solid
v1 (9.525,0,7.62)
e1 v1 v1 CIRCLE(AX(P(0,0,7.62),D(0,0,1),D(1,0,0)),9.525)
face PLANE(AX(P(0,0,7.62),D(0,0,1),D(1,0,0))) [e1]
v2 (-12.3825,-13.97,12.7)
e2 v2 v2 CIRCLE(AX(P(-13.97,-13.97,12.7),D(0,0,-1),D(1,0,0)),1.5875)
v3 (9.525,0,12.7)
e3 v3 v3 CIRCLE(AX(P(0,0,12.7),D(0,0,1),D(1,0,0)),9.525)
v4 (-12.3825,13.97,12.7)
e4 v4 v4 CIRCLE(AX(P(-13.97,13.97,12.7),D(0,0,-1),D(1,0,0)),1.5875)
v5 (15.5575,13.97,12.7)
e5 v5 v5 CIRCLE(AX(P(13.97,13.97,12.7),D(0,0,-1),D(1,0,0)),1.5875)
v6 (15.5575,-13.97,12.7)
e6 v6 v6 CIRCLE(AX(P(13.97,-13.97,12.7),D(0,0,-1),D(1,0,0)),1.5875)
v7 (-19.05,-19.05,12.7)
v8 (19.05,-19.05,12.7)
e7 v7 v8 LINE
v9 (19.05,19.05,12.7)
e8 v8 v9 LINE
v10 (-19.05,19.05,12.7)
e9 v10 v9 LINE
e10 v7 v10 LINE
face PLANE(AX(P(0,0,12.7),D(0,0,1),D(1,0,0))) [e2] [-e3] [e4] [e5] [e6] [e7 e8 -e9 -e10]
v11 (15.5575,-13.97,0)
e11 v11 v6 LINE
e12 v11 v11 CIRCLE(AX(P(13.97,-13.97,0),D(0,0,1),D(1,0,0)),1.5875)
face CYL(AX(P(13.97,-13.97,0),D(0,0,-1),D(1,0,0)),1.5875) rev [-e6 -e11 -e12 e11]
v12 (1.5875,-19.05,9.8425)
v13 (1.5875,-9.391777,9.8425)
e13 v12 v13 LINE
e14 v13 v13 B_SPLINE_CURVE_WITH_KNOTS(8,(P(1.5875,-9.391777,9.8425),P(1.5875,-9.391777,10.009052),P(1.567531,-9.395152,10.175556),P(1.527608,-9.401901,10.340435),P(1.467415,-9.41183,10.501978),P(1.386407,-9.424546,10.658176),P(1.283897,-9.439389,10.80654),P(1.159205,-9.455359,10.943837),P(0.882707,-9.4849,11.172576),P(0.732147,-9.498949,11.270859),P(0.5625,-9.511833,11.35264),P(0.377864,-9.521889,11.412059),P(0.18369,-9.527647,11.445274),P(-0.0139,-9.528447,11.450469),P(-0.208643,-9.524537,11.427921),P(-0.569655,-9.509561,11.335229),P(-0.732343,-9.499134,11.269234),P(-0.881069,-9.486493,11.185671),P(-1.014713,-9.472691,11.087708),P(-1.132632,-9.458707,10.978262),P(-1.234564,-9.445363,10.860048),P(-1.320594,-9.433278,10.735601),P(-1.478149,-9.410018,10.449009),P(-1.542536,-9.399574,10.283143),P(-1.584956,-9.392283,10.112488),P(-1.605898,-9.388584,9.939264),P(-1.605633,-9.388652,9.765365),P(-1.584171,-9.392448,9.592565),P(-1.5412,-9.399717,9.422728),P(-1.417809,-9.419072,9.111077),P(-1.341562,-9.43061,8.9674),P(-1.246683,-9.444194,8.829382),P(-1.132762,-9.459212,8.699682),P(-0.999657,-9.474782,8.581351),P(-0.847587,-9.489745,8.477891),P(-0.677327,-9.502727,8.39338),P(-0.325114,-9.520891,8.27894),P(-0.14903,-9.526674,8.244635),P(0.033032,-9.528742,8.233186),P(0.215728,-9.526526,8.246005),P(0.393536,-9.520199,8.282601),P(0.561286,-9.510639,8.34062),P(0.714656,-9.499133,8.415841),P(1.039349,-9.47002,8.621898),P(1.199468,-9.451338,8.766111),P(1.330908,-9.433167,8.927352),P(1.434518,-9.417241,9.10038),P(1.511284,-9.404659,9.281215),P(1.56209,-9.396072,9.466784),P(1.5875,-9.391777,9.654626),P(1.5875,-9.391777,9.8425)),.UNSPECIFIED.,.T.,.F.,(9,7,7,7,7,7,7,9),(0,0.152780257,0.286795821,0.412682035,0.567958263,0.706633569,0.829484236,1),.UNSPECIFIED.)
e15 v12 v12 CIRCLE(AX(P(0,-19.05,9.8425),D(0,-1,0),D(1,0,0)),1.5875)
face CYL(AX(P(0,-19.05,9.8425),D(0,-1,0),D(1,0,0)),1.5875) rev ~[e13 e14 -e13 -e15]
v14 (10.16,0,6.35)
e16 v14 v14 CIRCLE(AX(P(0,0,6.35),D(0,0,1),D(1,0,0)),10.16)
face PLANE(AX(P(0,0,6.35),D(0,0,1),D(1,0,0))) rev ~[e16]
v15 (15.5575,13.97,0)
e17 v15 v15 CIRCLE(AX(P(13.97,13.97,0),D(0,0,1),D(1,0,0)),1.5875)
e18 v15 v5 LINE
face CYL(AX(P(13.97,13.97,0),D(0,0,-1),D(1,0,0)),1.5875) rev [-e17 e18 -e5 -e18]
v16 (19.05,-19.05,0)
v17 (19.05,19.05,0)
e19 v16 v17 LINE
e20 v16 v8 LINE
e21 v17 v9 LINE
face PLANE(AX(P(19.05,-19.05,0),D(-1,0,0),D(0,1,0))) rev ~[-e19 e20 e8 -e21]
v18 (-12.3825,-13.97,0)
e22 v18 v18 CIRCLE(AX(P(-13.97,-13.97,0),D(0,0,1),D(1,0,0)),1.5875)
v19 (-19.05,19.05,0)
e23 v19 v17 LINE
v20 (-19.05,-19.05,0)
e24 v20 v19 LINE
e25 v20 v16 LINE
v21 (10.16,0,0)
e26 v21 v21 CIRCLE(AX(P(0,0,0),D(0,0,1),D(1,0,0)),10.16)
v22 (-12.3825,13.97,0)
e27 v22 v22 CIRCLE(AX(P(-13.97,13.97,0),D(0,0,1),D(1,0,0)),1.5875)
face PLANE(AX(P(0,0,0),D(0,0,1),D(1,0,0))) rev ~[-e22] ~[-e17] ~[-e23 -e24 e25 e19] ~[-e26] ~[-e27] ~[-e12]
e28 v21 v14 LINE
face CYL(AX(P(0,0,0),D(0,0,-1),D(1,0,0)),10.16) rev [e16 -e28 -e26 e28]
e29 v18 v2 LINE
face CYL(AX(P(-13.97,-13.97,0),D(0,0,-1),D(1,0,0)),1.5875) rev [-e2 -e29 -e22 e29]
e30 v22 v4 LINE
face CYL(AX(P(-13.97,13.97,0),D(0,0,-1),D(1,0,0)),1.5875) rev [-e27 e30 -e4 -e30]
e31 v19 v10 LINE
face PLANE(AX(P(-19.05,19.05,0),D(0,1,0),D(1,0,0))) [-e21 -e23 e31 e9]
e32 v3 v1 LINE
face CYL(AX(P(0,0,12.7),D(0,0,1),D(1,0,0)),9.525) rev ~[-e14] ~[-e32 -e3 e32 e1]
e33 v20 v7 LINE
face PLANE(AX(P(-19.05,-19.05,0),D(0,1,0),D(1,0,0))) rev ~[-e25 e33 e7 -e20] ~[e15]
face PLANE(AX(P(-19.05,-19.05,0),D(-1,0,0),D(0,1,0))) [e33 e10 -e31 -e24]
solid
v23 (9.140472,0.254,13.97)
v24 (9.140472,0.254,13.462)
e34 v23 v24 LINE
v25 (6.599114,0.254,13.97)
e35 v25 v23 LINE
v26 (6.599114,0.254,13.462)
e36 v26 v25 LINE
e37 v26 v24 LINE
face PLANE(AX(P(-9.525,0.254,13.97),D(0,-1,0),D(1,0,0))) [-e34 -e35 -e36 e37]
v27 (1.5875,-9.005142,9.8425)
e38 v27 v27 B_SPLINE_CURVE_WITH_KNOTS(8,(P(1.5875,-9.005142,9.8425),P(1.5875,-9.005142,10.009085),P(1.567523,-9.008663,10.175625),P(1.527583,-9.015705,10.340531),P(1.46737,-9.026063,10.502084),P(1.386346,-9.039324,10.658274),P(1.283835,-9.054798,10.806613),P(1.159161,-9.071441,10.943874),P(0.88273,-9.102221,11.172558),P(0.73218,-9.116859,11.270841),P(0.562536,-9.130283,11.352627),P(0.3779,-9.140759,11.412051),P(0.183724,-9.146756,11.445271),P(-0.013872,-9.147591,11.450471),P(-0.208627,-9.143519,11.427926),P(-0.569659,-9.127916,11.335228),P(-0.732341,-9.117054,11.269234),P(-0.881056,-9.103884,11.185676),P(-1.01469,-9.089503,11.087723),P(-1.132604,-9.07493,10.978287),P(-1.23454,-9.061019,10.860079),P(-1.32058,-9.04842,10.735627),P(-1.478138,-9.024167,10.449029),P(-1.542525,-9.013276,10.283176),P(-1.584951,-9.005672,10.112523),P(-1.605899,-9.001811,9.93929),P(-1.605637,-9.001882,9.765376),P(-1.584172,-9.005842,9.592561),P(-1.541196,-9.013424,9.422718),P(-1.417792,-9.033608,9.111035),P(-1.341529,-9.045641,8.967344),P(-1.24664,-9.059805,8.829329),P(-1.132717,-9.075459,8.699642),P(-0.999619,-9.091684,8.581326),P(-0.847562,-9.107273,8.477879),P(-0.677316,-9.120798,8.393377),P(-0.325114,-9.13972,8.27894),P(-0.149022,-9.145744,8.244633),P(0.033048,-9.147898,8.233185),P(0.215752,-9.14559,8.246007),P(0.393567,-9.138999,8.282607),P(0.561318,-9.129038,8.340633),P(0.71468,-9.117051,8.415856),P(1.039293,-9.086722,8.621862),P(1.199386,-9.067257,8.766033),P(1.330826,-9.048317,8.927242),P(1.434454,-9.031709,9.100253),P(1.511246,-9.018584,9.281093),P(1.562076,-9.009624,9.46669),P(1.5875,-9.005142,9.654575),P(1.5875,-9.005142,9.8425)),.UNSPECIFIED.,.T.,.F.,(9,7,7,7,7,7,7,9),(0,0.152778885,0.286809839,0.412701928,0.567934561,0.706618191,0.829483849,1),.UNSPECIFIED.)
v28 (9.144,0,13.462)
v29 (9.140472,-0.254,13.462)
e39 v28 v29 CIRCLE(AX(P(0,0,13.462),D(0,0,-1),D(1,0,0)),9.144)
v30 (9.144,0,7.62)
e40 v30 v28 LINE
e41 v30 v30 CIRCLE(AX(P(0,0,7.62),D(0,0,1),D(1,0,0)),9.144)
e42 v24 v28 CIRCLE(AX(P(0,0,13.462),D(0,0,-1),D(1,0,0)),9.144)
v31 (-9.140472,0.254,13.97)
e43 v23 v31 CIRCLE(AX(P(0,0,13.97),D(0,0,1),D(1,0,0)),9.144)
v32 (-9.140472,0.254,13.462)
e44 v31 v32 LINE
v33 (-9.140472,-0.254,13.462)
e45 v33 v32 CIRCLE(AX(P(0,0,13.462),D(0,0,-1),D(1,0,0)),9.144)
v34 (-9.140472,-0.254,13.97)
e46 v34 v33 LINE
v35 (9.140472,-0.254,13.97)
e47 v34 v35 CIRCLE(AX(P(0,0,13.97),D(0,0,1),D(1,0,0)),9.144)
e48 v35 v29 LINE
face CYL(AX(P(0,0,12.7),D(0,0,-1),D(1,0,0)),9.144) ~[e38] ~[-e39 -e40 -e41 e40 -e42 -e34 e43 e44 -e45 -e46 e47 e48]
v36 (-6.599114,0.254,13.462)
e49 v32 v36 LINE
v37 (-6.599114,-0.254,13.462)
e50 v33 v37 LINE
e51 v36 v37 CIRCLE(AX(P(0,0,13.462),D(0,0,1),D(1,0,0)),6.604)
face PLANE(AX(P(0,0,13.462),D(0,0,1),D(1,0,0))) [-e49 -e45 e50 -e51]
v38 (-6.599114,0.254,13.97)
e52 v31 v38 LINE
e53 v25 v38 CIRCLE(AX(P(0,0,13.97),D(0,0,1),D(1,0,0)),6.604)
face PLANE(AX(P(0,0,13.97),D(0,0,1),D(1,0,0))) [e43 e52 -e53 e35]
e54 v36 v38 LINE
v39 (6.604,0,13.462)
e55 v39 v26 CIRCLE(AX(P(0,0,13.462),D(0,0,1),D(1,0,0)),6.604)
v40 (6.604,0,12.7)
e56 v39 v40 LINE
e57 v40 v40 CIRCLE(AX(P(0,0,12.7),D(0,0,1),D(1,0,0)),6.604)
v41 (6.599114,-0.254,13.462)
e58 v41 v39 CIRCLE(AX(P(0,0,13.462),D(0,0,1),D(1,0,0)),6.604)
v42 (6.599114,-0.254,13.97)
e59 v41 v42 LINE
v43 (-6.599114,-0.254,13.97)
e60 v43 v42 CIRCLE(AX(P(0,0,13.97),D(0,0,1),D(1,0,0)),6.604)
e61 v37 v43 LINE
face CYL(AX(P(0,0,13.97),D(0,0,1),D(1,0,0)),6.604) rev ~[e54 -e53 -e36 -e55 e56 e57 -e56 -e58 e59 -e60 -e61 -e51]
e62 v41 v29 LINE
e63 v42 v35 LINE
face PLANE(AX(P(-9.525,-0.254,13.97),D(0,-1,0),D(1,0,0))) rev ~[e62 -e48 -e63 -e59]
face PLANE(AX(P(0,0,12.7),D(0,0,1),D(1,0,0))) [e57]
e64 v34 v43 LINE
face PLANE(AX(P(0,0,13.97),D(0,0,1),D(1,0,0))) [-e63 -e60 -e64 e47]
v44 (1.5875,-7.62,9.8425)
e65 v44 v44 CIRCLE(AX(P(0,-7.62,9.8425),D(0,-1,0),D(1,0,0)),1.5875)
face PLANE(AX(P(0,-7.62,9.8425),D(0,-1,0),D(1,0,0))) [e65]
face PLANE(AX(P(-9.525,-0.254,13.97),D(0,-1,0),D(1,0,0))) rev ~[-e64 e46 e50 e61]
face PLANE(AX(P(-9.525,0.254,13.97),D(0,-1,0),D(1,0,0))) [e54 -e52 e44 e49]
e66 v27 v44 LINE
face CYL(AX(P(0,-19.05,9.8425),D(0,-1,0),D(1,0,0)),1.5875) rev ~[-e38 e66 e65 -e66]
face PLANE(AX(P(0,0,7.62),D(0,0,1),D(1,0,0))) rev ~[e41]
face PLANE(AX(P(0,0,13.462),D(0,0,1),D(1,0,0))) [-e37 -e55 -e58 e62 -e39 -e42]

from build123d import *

# Parameters (mm, degrees)
F0_W          = 38.1
F0_H          = 38.1
F1_DEPTH      = 12.7
F3_R          = 10.16
F4_DEPTH      = 6.35
F2_R          = 9.525
F5_DEPTH      = 5.08
F6_R          = 1.5875
F7_DEPTH      = 25.4
F8_R          = 9.144
F9_DEPTH      = 5.08
F9_DEPTH_BACK = 1.27
F10_R         = 6.604
F11_DEPTH     = 1.27
F12_R         = 1.5875
F13_DEPTH     = 11.43
F14_W         = 19.05
F14_H         = 0.508
F15_DEPTH     = 0.508


with BuildPart() as f1:
    # F0 (on Top) → F1 (new body)
    with BuildSketch(Plane.XY):
        Rectangle(F0_W, F0_H)
    extrude(amount=F1_DEPTH)

    # F3 (on face) → F4 (cut)
    with BuildSketch(Plane.XY):
        Circle(F3_R)
    extrude(amount=F4_DEPTH, mode=Mode.SUBTRACT)

    # F2 (on face) → F5 (cut)
    with BuildSketch(Plane.XY.offset(12.7)):
        Circle(F2_R)
    extrude(amount=-F5_DEPTH, mode=Mode.SUBTRACT)

    # F6 (on Top) → F7 (cut)
    with BuildSketch(Plane.XY):
        with Locations((-13.97, -13.97)):
            Circle(F6_R)
        with Locations((13.97, -13.97)):
            Circle(F6_R)
        with Locations((13.97, 13.97)):
            Circle(F6_R)
        with Locations((-13.97, 13.97)):
            Circle(F6_R)
    extrude(amount=F7_DEPTH, mode=Mode.SUBTRACT)


with BuildPart() as f9:
    # F8 (on face) → F9 (new body, two sides)
    with BuildSketch(Plane.XY.offset(12.7)) as f9_sk:
        Circle(F8_R)
    extrude(amount=-F9_DEPTH)
    extrude(f9_sk.sketch, amount=F9_DEPTH_BACK)

    # F10 (on face) → F11 (cut)
    with BuildSketch(Plane.XY.offset(13.97)):
        Circle(F10_R)
    extrude(amount=-F11_DEPTH, mode=Mode.SUBTRACT)


with BuildPart() as f13_tool:
    # F12 (on face) → F13 (new body)
    with BuildSketch(Plane.XZ.offset(19.05)):
        with Locations((0, 9.8425)):
            Circle(F12_R)
    extrude(amount=-F13_DEPTH)


with BuildPart() as f1_1:
    add(f1.part)

    # F13: cut by f13_tool
    add(f13_tool.part, mode=Mode.SUBTRACT)


with BuildPart() as f9_1:
    add(f9.part)

    # F13: cut by f13_tool
    add(f13_tool.part, mode=Mode.SUBTRACT)

    # F14 (on face) → F15 (cut)
    with BuildSketch(Plane.XY.offset(13.97)):
        Rectangle(F14_W, F14_H)
    extrude(amount=-F15_DEPTH, mode=Mode.SUBTRACT)


solid = Compound([f1_1.part, f9_1.part])
